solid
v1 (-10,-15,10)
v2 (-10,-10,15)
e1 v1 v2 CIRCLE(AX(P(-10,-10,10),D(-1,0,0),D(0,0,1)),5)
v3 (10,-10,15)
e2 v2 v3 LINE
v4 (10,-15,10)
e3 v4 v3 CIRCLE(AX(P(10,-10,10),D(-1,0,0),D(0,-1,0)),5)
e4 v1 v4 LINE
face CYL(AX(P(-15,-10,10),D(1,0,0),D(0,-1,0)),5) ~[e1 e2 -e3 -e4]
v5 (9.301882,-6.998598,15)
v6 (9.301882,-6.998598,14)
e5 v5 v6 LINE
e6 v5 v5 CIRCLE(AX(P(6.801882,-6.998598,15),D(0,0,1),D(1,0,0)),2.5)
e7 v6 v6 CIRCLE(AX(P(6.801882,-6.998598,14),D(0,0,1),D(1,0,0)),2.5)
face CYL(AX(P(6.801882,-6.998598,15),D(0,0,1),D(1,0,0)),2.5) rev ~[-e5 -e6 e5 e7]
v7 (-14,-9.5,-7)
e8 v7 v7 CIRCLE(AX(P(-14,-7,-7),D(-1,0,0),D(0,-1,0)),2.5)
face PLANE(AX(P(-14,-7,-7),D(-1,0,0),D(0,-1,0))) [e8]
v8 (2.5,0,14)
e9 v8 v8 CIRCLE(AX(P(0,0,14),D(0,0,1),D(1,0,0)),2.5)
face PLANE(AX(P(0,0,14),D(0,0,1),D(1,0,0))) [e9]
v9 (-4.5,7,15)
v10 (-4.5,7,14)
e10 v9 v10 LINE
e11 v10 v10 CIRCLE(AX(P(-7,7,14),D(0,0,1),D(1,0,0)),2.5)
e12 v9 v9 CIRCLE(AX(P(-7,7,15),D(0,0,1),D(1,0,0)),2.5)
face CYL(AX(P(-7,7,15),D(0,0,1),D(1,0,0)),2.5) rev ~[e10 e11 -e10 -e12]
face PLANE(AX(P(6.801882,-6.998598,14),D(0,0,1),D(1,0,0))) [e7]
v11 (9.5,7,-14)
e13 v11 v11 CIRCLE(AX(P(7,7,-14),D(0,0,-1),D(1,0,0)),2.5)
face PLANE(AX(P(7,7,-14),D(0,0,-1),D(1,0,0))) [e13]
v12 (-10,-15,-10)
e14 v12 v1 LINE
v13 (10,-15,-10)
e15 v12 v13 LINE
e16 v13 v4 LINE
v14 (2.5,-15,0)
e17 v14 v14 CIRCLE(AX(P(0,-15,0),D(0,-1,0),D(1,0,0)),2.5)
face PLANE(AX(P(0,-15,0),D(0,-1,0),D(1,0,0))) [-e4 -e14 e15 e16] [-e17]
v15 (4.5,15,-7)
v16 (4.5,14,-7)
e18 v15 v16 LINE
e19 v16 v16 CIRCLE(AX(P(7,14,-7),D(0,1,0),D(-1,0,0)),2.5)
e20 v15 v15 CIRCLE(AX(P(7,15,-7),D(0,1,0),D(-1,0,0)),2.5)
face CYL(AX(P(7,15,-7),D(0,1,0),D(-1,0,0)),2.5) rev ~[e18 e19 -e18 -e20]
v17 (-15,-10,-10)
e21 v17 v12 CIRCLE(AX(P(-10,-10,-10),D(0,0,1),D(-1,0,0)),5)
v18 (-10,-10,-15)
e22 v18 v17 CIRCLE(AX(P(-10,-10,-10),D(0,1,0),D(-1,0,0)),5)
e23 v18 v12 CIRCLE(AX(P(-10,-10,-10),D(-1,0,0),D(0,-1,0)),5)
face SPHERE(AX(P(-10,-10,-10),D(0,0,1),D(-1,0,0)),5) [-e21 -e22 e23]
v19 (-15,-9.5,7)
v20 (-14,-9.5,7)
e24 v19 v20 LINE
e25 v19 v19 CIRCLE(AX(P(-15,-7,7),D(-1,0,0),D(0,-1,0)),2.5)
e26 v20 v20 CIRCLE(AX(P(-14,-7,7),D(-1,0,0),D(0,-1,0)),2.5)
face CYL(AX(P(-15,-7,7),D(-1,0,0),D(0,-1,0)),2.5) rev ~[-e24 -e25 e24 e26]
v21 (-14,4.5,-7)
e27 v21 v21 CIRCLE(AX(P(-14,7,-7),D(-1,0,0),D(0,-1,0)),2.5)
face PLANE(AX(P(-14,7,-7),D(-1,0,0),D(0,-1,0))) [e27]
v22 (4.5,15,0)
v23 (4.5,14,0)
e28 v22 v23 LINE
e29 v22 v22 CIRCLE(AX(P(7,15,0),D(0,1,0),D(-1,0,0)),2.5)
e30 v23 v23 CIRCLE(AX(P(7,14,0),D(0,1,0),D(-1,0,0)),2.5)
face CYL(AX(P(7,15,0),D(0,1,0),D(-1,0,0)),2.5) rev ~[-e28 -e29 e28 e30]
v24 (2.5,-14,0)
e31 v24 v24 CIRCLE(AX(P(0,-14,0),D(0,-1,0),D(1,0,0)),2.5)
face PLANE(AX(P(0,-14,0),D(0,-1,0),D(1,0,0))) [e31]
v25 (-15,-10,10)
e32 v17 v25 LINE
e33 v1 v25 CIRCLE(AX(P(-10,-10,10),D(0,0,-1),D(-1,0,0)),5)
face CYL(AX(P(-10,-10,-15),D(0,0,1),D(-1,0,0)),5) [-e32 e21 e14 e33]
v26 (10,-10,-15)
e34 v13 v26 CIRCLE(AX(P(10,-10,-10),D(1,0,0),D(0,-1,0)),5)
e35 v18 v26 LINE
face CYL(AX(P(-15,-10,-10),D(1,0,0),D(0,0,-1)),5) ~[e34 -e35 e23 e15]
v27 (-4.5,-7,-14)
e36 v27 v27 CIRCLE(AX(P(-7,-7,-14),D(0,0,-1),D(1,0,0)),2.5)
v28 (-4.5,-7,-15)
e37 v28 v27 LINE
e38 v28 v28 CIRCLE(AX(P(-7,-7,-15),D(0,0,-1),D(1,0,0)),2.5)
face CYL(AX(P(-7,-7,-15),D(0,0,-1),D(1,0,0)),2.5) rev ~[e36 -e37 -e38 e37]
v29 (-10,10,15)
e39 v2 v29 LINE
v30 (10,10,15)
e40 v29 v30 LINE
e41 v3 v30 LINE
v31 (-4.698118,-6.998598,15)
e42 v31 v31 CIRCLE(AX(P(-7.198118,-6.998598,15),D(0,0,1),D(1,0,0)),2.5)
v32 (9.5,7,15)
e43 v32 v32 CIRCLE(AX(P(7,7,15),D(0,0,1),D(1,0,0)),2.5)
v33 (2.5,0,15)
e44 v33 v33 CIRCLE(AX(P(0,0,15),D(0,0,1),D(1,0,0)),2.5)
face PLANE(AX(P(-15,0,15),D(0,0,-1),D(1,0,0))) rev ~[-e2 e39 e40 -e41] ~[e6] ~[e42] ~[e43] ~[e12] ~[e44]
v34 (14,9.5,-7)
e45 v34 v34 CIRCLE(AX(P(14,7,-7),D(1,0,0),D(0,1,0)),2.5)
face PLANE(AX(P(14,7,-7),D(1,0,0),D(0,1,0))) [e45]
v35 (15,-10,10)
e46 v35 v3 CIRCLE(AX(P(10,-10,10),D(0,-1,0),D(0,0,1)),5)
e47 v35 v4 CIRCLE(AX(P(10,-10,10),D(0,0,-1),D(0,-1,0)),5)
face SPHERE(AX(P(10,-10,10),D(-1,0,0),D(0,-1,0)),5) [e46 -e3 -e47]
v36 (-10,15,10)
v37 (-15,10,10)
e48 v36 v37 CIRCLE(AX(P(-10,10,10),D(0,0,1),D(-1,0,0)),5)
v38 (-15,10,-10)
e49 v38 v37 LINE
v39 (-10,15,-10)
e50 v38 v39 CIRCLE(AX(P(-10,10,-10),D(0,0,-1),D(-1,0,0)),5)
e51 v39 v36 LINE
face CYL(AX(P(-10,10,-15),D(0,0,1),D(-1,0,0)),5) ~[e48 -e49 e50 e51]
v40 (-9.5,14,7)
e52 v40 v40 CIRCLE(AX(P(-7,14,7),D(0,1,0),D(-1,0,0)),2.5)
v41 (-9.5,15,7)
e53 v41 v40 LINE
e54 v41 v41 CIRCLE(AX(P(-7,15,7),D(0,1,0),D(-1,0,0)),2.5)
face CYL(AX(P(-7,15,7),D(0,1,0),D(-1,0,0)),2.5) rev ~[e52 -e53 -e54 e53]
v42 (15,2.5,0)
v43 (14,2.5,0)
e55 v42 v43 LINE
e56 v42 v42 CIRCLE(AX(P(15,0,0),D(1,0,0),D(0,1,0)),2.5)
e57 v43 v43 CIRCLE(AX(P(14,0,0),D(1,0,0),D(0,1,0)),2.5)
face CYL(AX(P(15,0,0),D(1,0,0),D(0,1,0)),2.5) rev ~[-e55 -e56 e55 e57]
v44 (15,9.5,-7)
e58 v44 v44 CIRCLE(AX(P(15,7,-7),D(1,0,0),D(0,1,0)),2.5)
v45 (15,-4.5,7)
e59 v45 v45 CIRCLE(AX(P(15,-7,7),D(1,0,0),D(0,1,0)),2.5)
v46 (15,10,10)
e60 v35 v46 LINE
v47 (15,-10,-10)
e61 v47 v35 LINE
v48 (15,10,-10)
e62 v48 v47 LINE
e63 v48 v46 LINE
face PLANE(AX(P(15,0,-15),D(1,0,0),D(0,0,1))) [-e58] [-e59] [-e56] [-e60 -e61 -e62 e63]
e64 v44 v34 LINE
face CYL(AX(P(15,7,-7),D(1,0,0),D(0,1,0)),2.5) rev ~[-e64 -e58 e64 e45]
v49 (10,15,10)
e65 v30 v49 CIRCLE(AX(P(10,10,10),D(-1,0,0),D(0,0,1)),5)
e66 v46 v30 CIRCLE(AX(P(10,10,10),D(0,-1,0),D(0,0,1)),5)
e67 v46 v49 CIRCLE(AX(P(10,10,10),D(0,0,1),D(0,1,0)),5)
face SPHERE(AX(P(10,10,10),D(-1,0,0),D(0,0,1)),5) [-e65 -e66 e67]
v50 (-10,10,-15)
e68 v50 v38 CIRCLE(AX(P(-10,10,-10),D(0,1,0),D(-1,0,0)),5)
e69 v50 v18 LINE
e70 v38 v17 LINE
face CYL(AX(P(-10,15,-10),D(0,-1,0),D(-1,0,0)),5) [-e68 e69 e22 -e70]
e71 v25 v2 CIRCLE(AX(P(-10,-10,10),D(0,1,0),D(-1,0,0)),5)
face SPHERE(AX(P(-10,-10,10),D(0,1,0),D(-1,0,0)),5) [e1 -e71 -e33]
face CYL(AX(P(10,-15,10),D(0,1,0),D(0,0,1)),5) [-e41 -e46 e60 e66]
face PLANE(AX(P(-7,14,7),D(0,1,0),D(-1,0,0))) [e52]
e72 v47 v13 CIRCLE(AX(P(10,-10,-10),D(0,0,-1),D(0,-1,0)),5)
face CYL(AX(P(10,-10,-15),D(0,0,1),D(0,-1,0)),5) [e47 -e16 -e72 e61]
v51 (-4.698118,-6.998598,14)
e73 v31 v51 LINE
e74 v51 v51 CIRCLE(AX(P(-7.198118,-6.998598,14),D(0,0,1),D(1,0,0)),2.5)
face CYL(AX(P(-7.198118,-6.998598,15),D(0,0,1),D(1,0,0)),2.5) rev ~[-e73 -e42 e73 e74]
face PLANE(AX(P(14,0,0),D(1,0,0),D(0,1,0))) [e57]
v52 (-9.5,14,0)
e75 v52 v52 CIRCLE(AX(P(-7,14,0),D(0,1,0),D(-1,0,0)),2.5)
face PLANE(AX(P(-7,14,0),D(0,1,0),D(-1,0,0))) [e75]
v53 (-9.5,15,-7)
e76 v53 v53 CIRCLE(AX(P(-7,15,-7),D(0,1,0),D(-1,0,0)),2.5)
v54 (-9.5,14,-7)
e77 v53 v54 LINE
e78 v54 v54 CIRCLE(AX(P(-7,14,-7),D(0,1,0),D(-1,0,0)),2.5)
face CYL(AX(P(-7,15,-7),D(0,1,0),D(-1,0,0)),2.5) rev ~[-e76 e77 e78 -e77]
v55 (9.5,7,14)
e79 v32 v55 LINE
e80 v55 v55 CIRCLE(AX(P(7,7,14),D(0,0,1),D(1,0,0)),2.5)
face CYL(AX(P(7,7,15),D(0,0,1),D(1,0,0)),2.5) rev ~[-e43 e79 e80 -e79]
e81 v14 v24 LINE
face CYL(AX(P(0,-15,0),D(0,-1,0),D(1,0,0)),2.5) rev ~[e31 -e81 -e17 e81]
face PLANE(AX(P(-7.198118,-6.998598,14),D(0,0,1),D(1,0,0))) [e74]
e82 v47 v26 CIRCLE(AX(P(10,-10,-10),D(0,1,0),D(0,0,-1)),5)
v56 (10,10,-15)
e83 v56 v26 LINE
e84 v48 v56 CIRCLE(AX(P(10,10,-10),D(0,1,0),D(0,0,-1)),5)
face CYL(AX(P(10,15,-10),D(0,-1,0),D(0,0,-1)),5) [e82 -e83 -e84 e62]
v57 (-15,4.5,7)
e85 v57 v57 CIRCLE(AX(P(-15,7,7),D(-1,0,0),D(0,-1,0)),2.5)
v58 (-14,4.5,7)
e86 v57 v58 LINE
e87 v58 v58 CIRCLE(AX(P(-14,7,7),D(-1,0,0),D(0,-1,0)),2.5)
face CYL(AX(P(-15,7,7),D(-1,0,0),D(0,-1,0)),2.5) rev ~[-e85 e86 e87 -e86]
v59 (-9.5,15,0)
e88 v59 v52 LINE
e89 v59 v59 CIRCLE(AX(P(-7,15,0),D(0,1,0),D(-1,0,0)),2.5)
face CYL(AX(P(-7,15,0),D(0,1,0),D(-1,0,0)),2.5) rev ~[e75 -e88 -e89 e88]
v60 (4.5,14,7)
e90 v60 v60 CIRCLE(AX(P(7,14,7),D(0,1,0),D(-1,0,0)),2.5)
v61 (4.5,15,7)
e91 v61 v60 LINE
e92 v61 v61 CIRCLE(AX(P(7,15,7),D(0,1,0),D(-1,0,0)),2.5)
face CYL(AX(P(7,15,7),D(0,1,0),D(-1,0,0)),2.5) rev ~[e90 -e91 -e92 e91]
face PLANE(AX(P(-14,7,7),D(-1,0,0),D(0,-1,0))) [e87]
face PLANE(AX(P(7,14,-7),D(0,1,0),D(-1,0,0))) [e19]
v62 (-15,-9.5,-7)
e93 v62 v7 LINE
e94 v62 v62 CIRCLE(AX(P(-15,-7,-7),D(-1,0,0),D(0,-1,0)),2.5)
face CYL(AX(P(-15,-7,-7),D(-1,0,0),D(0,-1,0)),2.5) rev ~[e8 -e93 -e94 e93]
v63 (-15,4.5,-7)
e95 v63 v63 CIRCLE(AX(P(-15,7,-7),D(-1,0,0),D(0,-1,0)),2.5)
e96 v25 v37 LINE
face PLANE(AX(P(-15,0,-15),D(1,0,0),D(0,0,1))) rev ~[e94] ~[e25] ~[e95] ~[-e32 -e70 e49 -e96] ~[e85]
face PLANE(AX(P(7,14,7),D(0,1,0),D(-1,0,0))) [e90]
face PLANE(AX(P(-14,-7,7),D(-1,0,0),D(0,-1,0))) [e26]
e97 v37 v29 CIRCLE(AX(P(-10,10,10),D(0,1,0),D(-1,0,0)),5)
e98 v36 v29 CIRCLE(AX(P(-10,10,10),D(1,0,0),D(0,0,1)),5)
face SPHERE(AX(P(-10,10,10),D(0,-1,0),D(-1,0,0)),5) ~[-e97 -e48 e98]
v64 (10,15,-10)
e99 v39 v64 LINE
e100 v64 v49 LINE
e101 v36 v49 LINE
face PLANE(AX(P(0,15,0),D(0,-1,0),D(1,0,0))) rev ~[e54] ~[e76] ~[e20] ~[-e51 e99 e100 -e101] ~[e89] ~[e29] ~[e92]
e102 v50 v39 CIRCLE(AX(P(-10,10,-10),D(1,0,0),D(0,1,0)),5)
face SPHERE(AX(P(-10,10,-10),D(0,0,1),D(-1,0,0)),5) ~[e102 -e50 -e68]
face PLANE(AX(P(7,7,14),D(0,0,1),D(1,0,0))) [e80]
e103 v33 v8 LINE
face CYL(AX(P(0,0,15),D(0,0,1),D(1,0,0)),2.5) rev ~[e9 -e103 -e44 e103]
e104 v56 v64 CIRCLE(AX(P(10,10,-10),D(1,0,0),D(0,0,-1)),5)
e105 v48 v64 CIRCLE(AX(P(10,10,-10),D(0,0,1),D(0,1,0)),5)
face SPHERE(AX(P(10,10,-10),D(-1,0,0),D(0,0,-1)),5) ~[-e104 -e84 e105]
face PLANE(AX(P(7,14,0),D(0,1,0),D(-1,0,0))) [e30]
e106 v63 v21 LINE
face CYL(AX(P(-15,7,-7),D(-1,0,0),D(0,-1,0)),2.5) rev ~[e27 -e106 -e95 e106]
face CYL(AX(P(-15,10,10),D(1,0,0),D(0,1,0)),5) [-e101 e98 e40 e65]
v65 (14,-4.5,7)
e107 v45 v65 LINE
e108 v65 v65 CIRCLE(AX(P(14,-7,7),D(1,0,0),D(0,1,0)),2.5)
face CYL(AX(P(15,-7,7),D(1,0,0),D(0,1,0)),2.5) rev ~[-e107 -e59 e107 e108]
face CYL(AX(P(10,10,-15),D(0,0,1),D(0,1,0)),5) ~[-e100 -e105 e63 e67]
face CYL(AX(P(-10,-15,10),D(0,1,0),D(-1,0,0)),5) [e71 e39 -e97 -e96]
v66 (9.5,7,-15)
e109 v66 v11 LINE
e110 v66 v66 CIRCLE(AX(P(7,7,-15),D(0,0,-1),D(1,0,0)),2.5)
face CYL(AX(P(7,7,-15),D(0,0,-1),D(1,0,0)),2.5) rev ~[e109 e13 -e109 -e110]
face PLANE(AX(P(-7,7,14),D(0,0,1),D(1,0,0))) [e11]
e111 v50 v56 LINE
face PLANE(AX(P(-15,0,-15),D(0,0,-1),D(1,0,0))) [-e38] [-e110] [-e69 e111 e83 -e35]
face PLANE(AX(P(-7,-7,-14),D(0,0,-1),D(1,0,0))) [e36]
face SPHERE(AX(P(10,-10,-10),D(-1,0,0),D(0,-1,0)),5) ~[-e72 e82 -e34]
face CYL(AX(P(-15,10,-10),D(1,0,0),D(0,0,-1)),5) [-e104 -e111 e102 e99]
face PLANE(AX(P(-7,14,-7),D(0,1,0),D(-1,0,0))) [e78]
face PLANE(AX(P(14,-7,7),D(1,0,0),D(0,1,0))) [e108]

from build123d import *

# Parameters (mm, degrees)
F0_W      = 30
F0_H      = 30
F1_DEPTH  = 15
F2_R      = 2.5
F3_DEPTH  = 1
F4_R      = 2.5
F5_DEPTH  = 1
F6_R      = 2.5
F7_DEPTH  = 1
F8_R      = 2.5
F9_DEPTH  = 1
F10_R     = 2.5
F11_DEPTH = 1
F12_R     = 2.5
F13_DEPTH = 1
F14_R     = 5


with BuildPart() as f1:
    # F0 (on Front) → F1 (new body, symmetric)
    with BuildSketch(Plane.XZ):
        Rectangle(F0_W, F0_H)
    extrude(amount=F1_DEPTH, both=True)

    # F2 (on face) → F3 (cut)
    with BuildSketch(Plane.XZ.offset(15)):
        Circle(F2_R)
    extrude(amount=-F3_DEPTH, mode=Mode.SUBTRACT)

    # F4 (on face) → F5 (cut)
    with BuildSketch(Plane(origin=(0, 15, 0), x_dir=(-1, 0, 0), z_dir=(0, 1, 0))):
        with Locations((-7, 7)):
            Circle(F4_R)
        with Locations((-7, 0)):
            Circle(F4_R)
        with Locations((-7, -7)):
            Circle(F4_R)
        with Locations((7, -7)):
            Circle(F4_R)
        with Locations((7, 0)):
            Circle(F4_R)
        with Locations((7, 7)):
            Circle(F4_R)
    extrude(amount=-F5_DEPTH, mode=Mode.SUBTRACT)

    # F6 (on face) → F7 (cut)
    with BuildSketch(Plane.YZ.offset(15)):
        with Locations((-7, 7)):
            Circle(F6_R)
        Circle(F6_R)
        with Locations((7, -7)):
            Circle(F6_R)
    extrude(amount=-F7_DEPTH, mode=Mode.SUBTRACT)

    # F8 (on face) → F9 (cut)
    with BuildSketch(Plane(origin=(-15, 0, 0), x_dir=(0, -1, 0), z_dir=(-1, 0, 0))):
        with Locations((-7, 7)):
            Circle(F8_R)
        with Locations((7, 7)):
            Circle(F8_R)
        with Locations((7, -7)):
            Circle(F8_R)
        with Locations((-7, -7)):
            Circle(F8_R)
    extrude(amount=-F9_DEPTH, mode=Mode.SUBTRACT)

    # F10 (on face) → F11 (cut)
    with BuildSketch(Plane.XY.offset(15)):
        with Locations((6.801882, -6.998598)):
            Circle(F10_R)
        with Locations((-7.198118, -6.998598)):
            Circle(F10_R)
        Circle(F10_R)
        with Locations((7, 7)):
            Circle(F10_R)
        with Locations((-7, 7)):
            Circle(F10_R)
    extrude(amount=-F11_DEPTH, mode=Mode.SUBTRACT)

    # F12 (on face) → F13 (cut)
    with BuildSketch(Plane(origin=(0, 0, -15), x_dir=(1, 0, 0), z_dir=(0, 0, -1))):
        with Locations((-7, 7)):
            Circle(F12_R)
        with Locations((7, -7)):
            Circle(F12_R)
    extrude(amount=-F13_DEPTH, mode=Mode.SUBTRACT)

    # F14
    f14_edges = [f1.edges().sort_by_distance(p)[0] for p in [
        (-15, 0, 15),
        (-15, 15, 0),
        (-15, -15, 0),
        (-15, 0, -15),
        (0, -15, -15),
        (0, -15, 15),
        (15, -15, 0),
        (0, 15, -15),
        (15, 0, -15),
        (0, 15, 15),
        (15, 0, 15),
        (15, 15, 0),
    ]]
    fillet(f14_edges, radius=F14_R)


solid = f1.part
